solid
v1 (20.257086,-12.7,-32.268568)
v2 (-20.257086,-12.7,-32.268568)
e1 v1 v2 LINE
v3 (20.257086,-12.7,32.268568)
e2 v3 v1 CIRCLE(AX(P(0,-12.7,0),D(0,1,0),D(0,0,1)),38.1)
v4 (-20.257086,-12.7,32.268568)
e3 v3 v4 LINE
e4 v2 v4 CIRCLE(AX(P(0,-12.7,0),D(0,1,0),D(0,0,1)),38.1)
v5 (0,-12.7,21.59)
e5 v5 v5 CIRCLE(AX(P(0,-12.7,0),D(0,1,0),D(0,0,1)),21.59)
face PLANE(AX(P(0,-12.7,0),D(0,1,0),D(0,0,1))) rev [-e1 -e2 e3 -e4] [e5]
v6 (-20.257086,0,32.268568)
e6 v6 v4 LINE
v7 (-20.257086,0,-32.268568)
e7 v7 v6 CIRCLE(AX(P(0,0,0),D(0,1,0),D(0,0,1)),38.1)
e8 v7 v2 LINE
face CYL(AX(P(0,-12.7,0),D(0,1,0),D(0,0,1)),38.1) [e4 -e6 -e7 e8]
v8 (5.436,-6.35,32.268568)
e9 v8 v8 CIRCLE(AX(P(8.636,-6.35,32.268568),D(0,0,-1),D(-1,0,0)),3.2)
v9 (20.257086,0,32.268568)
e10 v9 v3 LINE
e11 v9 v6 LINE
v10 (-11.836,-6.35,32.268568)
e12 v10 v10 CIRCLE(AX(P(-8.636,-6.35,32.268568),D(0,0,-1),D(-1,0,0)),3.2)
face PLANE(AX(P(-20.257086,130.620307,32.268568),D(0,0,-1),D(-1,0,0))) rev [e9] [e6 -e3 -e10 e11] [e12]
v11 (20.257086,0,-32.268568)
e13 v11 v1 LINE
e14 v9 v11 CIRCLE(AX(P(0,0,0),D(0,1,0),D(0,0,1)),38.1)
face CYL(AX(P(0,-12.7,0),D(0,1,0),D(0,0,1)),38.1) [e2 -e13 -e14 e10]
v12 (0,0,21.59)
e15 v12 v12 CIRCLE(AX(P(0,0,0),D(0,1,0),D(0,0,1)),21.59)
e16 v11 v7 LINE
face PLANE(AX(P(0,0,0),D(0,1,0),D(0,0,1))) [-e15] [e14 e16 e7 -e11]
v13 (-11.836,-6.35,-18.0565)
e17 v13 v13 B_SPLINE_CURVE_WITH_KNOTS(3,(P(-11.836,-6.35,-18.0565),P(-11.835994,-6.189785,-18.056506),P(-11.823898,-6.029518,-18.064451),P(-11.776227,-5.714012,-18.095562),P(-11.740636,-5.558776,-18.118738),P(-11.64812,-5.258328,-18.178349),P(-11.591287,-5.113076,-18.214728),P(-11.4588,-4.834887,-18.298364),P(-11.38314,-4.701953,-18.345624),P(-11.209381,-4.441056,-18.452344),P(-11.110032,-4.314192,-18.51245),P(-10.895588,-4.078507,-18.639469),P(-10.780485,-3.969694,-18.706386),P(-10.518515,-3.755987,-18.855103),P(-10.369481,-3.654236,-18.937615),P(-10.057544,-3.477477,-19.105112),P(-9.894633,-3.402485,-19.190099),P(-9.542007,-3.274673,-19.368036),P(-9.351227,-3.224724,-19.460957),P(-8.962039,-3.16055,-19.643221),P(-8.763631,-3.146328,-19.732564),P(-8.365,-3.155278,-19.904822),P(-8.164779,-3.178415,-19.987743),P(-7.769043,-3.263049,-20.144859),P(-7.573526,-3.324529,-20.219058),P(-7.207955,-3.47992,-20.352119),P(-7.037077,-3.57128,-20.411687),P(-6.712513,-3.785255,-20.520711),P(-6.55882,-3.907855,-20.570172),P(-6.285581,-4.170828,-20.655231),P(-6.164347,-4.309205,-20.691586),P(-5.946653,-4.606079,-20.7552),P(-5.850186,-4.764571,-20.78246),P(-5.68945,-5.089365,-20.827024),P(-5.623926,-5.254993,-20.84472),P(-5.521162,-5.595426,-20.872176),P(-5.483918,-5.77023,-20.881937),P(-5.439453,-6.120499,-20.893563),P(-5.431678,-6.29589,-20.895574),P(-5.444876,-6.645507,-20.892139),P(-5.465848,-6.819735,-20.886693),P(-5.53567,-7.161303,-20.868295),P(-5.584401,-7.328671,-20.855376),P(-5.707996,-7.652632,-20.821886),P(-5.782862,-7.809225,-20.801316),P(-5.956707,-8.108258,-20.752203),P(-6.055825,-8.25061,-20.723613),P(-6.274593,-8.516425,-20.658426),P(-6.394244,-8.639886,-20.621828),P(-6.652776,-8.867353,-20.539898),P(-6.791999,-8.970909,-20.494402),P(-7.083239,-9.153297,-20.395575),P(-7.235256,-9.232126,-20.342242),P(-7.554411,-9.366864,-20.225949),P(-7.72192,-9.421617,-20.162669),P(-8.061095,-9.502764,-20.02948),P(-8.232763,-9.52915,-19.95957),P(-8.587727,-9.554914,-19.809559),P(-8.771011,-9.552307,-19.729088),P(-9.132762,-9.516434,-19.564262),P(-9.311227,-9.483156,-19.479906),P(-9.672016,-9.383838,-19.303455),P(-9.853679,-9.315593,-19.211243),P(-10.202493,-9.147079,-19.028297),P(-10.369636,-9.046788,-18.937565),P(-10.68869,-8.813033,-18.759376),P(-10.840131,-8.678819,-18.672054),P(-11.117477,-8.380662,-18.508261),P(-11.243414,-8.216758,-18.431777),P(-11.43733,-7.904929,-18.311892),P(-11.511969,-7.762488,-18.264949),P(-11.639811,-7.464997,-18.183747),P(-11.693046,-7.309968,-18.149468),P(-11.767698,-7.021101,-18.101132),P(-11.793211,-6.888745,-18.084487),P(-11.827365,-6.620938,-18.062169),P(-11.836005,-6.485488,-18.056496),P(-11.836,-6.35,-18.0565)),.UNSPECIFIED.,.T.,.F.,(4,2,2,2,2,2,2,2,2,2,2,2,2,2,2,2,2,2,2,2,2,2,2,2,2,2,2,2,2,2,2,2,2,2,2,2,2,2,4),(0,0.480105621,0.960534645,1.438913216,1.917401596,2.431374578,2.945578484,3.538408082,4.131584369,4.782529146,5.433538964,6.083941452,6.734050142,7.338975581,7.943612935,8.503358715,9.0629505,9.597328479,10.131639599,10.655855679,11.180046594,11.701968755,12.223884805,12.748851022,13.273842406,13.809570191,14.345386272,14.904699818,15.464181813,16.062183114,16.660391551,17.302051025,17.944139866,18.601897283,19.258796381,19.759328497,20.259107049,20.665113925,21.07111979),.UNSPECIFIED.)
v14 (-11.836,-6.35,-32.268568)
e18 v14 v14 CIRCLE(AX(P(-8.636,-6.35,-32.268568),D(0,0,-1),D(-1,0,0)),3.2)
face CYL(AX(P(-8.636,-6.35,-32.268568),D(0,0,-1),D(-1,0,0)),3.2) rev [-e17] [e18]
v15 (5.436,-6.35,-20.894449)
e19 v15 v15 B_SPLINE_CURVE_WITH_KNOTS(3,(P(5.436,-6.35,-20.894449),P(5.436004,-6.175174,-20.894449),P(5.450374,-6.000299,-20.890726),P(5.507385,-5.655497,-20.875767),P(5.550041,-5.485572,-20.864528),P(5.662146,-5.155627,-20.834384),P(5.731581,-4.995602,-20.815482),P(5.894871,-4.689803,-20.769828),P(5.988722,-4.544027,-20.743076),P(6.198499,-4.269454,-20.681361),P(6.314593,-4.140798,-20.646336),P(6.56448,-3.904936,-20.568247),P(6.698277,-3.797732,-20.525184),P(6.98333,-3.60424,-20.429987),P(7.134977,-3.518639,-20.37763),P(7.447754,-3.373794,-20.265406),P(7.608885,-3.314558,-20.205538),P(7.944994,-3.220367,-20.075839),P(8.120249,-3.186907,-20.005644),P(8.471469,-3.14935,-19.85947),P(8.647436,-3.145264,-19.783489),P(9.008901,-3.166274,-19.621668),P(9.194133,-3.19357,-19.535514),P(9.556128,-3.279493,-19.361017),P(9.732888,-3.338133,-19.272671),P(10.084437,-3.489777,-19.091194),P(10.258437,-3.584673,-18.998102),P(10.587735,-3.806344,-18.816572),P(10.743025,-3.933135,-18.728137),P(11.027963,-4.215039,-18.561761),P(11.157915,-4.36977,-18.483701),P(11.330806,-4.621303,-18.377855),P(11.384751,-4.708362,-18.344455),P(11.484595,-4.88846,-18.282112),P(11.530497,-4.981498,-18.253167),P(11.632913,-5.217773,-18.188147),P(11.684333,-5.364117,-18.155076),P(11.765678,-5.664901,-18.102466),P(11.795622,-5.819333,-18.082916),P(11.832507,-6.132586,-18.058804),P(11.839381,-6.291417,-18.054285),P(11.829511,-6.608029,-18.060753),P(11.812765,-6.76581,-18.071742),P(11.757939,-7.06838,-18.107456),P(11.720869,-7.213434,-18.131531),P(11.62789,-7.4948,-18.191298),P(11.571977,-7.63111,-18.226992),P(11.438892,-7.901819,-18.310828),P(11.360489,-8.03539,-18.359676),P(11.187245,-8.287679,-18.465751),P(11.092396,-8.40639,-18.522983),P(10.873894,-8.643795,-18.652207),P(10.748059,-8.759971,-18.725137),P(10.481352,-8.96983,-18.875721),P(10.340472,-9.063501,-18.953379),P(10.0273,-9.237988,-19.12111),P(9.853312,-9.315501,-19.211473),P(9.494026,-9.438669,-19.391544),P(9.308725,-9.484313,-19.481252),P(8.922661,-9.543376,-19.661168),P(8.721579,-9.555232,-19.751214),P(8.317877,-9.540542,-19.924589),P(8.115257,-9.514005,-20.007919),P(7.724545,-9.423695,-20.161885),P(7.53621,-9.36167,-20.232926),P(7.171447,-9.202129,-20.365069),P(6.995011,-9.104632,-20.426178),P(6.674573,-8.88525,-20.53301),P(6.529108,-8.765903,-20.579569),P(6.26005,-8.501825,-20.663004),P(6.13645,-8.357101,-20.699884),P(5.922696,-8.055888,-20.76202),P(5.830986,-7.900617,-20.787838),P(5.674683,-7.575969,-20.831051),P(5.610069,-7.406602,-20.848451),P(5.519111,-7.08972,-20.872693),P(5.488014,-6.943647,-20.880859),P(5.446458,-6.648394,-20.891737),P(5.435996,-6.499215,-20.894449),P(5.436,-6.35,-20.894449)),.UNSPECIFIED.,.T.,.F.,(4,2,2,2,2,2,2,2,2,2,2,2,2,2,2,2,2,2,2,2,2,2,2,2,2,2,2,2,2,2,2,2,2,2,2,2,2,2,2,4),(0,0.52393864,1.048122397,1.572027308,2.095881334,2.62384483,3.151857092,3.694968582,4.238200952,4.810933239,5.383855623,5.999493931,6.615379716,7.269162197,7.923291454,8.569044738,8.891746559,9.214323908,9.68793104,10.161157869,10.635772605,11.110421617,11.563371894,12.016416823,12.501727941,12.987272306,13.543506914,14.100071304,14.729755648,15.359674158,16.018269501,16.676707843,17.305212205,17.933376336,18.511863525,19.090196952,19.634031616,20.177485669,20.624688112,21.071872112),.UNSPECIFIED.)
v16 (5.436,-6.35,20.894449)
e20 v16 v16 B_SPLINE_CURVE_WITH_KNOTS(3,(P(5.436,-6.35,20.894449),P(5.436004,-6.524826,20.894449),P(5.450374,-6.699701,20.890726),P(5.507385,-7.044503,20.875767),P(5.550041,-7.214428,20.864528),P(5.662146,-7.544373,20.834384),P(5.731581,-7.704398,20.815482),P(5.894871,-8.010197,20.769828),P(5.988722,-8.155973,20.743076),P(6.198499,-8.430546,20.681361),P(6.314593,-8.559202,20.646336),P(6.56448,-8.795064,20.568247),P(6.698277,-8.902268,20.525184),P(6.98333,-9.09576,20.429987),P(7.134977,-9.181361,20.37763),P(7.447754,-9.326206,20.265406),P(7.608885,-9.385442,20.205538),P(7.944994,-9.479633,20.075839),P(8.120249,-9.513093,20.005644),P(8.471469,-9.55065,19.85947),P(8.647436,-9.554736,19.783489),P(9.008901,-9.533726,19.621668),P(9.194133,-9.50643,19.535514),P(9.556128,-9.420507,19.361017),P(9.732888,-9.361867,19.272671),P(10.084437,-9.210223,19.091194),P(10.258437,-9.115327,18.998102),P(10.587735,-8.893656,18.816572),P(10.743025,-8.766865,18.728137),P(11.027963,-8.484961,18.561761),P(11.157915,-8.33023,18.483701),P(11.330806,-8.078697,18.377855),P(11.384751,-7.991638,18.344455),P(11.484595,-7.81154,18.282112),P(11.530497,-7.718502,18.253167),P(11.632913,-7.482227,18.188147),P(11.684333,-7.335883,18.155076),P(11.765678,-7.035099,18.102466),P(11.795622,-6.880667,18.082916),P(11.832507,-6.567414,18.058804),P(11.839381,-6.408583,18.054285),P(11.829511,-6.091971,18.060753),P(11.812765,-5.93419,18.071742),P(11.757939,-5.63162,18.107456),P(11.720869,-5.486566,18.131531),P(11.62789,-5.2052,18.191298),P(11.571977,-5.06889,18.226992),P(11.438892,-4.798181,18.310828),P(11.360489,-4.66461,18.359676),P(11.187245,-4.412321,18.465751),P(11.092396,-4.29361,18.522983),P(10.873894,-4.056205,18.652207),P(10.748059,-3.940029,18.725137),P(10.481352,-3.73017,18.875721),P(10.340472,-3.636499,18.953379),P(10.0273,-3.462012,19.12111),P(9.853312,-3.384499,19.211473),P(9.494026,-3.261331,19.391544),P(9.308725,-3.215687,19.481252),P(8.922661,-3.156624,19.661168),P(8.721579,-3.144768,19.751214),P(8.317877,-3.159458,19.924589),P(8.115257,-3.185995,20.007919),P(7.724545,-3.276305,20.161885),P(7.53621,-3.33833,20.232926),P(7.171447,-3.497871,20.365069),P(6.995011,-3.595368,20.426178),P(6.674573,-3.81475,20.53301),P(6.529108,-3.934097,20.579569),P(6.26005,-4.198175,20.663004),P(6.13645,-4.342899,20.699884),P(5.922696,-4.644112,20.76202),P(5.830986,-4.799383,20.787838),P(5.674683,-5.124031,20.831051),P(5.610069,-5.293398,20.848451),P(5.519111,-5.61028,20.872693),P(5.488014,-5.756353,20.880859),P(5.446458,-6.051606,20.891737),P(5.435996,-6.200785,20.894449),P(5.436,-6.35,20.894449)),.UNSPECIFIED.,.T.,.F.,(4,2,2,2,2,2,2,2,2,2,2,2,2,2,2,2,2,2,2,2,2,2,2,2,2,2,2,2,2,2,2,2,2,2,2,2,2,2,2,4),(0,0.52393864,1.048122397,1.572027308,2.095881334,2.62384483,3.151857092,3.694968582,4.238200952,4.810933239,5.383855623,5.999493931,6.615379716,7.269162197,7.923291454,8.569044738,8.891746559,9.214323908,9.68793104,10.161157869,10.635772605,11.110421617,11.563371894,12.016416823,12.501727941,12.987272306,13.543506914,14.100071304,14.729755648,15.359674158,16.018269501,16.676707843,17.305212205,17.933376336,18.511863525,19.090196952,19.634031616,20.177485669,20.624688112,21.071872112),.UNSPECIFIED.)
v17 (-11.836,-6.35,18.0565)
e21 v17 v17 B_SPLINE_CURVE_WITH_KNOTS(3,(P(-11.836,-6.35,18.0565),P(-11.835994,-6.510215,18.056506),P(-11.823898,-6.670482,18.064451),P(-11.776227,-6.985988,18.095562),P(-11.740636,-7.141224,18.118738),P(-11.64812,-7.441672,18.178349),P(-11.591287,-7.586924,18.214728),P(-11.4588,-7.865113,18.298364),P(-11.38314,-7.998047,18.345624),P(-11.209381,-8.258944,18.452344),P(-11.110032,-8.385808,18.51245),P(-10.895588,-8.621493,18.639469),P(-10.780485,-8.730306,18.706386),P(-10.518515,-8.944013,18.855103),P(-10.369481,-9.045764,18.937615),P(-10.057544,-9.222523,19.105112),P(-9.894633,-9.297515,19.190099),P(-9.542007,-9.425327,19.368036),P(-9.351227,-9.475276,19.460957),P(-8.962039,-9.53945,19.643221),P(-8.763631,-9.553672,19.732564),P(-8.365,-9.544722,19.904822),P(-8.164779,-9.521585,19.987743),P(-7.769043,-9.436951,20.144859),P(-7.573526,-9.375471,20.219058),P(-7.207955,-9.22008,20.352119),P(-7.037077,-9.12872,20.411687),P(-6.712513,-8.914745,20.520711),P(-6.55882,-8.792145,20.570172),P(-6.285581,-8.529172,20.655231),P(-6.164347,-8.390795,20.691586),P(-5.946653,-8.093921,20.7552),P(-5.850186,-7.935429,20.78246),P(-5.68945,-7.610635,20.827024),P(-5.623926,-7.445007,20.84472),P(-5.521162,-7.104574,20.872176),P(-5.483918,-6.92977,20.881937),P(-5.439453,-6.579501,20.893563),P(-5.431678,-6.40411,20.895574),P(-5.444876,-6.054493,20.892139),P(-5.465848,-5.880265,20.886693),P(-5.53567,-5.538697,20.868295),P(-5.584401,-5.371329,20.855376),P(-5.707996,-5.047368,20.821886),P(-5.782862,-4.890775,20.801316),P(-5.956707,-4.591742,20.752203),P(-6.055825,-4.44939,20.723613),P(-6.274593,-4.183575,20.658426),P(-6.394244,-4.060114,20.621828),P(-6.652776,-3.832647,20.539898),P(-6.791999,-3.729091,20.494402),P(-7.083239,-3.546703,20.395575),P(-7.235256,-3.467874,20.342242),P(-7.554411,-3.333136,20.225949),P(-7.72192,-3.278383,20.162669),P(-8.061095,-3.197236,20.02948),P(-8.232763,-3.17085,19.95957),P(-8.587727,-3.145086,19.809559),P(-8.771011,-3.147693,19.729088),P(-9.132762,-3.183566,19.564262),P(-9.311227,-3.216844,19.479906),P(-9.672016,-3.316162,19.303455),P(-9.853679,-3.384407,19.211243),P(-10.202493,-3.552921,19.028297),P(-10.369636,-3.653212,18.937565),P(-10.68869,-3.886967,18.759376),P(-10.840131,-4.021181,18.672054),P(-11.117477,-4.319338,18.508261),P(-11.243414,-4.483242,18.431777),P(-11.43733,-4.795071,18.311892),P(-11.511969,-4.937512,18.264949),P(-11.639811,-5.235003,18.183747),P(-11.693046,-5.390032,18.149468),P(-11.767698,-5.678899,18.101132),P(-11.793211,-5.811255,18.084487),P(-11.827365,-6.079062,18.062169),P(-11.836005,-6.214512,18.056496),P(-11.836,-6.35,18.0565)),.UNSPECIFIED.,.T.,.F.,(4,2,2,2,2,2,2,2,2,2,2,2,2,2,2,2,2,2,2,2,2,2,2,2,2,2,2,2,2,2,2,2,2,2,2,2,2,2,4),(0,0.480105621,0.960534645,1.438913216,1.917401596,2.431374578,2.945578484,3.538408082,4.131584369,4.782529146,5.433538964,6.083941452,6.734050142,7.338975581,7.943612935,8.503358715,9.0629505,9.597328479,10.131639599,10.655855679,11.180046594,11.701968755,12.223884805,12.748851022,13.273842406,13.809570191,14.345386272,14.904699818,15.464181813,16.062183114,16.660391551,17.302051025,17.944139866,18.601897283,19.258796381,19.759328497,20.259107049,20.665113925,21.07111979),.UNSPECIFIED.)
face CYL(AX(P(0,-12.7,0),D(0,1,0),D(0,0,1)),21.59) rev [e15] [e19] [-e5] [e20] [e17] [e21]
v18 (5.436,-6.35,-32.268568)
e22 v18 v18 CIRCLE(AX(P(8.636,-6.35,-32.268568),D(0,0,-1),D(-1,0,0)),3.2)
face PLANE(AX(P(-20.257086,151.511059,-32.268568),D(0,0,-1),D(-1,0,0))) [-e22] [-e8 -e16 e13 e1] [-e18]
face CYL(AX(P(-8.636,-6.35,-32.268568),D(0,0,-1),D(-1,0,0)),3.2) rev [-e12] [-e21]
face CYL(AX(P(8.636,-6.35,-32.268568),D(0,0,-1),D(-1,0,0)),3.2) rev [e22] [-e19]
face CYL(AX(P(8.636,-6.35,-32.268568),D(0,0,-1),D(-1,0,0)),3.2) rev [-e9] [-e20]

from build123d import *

# Parameters (mm, degrees)
SKETCH1_R            = 38.1
EXTRUDE2_DEPTH       = 12.7
SKETCH5_R            = 21.59
EXTRUDE3_DEPTH       = 56.358016583
EXTRUDE4_DEPTH       = 56.358016583
EXTRUDE4_DEPTH_BACK  = 56.358016583
EXTRUDE5_DEPTH       = 56.358016583
EXTRUDE5_DEPTH_BACK  = 56.358016583
M6_CLEARANCE_HOLE1_D = 6.4


with BuildPart() as part:
    # Sketch1 → Extrude2 (new body)
    with BuildSketch(Plane(origin=(0, 0, 0), x_dir=(1, 0, 0), z_dir=(0, 1, 0))):
        with Locations(Location((0, 0, 0), (0, 0, 270))):
            Circle(SKETCH1_R)
    extrude(amount=-EXTRUDE2_DEPTH)

    # Sketch5 → Extrude3 (cut, through all)
    with BuildSketch(Plane(origin=(0, 0, 0), x_dir=(1, 0, 0), z_dir=(0, 1, 0))):
        with Locations(Location((0, 0, 0), (0, 0, 270))):
            Circle(SKETCH5_R)
    extrude(amount=-EXTRUDE3_DEPTH, mode=Mode.SUBTRACT)

    # Sketch6 → Extrude4 (cut, two sides: drawn at the far end of the back side and taken through both)
    with BuildSketch(Plane(origin=(0, 0, 0), x_dir=(1, 0, 0), z_dir=(0, 1, 0)).offset(-EXTRUDE4_DEPTH_BACK)):
        Polygon((-213.093459479, 32.268567529), (-20.257086404, 32.268567529), (20.257086404, 32.268567529), (213.093459479, 32.268567529), (213.093459479, 417.941313679), (-213.093459479, 417.941313679), align=None)
    extrude(amount=EXTRUDE4_DEPTH + EXTRUDE4_DEPTH_BACK, mode=Mode.SUBTRACT)

    # Sketch7 → Extrude5 (cut, two sides: drawn at the far end of the back side and taken through both)
    with BuildSketch(Plane(origin=(0, 0, 0), x_dir=(1, 0, 0), z_dir=(0, 1, 0)).offset(-EXTRUDE5_DEPTH_BACK)):
        Polygon((-204.275376653, -32.268567529), (-20.257086404, -32.268567529), (20.257086404, -32.268567529), (204.275376653, -32.268567529), (204.275376653, -400.305148026), (-204.275376653, -400.305148026), align=None)
    extrude(amount=EXTRUDE5_DEPTH + EXTRUDE5_DEPTH_BACK, mode=Mode.SUBTRACT)

    # M6 Clearance Hole1 (through all)
    with Locations(Plane(origin=(8.636, -6.35, -32.268567529), x_dir=(-1, 0, 0), z_dir=(0, 0, -1))):
        with Locations((0, 0), (17.272, 0)):
            Hole(M6_CLEARANCE_HOLE1_D / 2)


solid = part.part
